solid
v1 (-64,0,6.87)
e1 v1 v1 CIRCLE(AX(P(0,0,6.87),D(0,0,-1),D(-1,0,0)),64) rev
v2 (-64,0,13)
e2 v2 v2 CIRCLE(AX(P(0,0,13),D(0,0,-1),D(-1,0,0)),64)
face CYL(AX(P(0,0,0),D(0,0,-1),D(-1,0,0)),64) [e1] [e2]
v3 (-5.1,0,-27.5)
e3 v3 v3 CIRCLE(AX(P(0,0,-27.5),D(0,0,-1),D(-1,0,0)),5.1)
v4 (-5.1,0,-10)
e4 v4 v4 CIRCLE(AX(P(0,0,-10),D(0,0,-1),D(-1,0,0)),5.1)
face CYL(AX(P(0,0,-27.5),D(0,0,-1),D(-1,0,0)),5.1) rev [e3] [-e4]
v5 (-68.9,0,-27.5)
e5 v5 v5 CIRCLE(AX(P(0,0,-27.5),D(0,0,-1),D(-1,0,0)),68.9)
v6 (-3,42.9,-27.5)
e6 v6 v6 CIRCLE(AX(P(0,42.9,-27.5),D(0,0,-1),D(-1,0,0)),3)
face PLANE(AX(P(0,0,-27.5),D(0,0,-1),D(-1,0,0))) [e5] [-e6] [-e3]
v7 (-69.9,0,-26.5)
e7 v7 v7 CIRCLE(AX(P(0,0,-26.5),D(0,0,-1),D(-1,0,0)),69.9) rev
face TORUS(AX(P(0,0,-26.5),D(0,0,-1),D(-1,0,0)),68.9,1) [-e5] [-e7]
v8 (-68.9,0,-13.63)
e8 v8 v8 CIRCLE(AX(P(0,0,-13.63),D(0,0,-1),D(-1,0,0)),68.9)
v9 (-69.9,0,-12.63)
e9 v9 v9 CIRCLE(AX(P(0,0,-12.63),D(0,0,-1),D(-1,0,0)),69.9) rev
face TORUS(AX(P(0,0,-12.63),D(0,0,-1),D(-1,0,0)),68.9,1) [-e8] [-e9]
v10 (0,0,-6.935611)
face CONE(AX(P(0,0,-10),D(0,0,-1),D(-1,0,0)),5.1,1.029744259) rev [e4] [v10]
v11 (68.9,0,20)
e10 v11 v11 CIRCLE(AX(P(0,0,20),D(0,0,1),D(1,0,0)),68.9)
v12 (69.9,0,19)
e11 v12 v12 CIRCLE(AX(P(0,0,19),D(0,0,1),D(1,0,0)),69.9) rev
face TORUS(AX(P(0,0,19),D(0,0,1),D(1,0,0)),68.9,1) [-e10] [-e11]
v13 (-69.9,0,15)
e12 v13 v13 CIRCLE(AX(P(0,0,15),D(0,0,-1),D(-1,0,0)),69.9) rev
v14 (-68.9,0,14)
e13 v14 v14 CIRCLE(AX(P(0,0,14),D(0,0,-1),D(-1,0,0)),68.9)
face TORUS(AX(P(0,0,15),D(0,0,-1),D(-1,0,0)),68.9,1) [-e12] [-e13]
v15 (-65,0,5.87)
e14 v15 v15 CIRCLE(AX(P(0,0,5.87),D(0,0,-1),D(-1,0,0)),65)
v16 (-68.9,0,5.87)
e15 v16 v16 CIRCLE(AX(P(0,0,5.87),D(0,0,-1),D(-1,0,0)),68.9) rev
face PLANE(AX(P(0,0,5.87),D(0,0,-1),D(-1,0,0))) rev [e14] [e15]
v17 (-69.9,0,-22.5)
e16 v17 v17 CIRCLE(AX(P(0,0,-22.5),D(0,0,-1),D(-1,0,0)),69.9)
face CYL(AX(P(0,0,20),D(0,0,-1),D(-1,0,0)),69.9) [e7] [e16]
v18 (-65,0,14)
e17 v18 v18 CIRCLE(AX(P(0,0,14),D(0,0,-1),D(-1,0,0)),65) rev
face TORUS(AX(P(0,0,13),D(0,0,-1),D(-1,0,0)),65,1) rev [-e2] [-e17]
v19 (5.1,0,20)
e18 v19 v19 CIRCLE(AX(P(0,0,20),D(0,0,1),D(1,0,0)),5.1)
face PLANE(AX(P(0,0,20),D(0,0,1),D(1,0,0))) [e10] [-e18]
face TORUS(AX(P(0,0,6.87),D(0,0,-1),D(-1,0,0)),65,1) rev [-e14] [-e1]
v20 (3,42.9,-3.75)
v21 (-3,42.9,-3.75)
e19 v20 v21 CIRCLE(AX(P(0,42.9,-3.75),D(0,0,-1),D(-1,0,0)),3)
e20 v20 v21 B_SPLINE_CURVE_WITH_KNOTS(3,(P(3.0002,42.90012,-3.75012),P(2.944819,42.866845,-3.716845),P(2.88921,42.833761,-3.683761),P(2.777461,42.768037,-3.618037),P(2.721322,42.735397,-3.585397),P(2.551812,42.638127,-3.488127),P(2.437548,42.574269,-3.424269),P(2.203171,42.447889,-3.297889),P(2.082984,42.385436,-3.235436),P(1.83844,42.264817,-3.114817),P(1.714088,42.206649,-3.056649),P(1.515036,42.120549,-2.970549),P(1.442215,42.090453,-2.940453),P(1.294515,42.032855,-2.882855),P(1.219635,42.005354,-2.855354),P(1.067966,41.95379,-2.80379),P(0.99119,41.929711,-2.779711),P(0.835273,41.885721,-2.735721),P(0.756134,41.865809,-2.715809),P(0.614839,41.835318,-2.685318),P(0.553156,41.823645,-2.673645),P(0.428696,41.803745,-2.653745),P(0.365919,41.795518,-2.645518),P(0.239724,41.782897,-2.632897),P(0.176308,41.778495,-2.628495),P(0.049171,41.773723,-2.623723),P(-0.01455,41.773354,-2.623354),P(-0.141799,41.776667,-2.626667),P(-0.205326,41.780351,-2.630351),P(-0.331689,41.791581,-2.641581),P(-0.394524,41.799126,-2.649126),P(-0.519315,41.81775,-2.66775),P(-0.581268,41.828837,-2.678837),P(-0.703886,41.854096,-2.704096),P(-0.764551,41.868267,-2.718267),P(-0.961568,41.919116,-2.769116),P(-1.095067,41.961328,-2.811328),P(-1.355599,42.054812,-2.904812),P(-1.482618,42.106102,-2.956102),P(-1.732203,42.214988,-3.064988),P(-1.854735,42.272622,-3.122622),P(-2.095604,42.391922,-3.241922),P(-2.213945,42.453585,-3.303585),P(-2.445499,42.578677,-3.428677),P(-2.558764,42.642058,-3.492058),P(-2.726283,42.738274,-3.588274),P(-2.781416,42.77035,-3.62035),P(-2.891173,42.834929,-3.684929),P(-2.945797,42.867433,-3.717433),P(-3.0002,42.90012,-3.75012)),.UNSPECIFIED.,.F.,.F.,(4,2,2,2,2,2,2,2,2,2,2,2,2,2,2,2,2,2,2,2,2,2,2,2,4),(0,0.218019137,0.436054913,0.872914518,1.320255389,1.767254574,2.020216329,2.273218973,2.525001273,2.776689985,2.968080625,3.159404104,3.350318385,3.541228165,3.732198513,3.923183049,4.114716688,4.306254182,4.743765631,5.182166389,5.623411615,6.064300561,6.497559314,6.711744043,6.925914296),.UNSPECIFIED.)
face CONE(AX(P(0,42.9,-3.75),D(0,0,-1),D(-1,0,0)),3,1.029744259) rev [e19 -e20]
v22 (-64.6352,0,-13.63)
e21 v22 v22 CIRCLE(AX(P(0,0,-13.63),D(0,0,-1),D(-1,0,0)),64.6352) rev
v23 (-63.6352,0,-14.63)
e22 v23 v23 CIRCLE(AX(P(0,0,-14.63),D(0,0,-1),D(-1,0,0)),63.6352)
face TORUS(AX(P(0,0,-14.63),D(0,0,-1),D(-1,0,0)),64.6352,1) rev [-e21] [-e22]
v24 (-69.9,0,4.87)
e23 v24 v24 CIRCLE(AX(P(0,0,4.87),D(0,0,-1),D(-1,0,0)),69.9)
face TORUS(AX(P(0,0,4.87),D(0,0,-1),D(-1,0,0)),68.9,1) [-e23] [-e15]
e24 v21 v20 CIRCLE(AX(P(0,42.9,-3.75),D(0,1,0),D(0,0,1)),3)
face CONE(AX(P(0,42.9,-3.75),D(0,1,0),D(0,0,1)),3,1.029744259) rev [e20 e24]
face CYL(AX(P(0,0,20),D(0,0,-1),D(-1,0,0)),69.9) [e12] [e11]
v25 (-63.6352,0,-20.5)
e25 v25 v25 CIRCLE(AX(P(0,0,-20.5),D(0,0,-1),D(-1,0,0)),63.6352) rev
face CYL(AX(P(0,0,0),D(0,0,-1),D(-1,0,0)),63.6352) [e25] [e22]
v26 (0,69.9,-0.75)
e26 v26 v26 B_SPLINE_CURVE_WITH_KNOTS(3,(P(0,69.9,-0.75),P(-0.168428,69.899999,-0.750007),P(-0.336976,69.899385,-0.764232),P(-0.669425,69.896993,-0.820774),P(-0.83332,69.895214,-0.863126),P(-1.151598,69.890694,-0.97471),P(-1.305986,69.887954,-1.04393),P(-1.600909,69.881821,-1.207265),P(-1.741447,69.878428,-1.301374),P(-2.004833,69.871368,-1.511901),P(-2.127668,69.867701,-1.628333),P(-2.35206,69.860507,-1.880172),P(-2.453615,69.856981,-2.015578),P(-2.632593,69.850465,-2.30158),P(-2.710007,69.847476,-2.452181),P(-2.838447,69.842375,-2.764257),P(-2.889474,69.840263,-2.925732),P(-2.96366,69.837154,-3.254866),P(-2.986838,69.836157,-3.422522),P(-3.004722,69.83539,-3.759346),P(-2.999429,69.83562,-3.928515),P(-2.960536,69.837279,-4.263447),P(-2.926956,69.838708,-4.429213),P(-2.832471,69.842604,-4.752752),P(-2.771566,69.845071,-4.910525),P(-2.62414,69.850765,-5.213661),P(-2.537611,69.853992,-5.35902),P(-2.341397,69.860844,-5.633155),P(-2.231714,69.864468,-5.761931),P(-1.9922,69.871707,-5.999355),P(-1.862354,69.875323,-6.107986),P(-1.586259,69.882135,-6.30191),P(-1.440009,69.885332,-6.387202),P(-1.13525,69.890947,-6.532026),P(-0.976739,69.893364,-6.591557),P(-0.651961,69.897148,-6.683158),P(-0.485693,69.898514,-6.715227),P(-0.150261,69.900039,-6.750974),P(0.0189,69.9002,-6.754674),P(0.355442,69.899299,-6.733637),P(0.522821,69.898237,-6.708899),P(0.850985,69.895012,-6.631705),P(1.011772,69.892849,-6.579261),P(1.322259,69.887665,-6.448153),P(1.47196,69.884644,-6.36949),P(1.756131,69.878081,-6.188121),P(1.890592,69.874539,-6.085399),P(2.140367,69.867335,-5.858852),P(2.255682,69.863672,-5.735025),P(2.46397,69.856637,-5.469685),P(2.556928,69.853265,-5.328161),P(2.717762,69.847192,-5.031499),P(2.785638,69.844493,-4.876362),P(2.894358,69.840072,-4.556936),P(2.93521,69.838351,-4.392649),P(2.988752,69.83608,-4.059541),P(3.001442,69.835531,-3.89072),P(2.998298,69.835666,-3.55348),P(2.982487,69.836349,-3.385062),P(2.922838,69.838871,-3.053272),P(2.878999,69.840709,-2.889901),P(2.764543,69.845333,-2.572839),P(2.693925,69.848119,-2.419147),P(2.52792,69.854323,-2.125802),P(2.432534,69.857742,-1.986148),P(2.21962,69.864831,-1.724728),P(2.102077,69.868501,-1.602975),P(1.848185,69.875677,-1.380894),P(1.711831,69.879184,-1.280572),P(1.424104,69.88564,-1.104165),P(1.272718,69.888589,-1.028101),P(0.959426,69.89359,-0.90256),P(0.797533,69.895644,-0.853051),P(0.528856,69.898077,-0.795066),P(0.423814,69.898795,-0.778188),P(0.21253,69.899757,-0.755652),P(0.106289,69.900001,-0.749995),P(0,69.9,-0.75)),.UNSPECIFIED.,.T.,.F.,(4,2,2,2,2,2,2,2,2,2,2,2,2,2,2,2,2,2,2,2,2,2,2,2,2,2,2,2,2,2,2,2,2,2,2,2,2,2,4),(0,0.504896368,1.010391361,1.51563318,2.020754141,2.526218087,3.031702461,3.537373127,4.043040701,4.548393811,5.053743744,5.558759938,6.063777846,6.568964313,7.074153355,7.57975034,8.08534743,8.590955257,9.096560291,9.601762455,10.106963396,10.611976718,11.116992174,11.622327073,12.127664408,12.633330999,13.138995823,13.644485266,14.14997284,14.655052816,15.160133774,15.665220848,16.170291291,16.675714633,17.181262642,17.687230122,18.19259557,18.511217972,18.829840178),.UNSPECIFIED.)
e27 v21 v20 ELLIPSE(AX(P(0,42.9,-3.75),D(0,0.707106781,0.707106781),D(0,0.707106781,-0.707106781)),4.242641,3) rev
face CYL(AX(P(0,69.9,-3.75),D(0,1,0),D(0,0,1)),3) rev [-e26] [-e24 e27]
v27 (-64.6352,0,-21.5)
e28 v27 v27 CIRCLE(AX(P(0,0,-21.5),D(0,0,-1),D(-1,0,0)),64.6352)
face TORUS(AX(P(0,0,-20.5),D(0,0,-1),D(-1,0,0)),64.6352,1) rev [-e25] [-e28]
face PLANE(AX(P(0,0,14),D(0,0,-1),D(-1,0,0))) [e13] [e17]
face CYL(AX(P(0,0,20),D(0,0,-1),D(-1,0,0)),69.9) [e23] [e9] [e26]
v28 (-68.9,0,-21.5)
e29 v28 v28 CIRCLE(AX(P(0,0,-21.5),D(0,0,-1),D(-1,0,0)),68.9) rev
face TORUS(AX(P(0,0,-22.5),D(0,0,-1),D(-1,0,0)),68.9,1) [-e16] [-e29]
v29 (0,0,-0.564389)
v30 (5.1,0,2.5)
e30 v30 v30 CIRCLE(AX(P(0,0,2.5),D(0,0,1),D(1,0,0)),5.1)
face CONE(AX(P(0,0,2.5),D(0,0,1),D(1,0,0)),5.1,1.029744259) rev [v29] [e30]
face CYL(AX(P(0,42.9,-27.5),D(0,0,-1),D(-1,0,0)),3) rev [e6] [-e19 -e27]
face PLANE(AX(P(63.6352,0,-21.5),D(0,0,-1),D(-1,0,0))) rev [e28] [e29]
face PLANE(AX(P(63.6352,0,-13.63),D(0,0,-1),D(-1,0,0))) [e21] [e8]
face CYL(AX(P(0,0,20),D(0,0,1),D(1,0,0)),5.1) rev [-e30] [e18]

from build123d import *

# Parameters (mm, degrees)
SKETCH1_R                   = 69.9
BOSS_EXTRUDE1_DEPTH         = 20
SKETCH8_R                   = 69.9
BOSS_EXTRUDE2_DEPTH         = 27.5
SKETCH7_W                   = 5.9
SKETCH7_H                   = 8.13
SKETCH7_W_2                 = 6.2648
SKETCH7_H_2                 = 7.87
FILLET1_R                   = 1
M12X1_75_TAPPED_HOLE1_D     = 10.2
M12X1_75_TAPPED_HOLE1_DEPTH = 17.5
M12X1_75_TAPPED_HOLE1_TIP   = 3.064389157
M12X1_75_TAPPED_HOLE2_D     = 10.2
M12X1_75_TAPPED_HOLE2_DEPTH = 17.5
M12X1_75_TAPPED_HOLE2_TIP   = 3.064389157
F_6_0MM_DOWEL_HOLE1_D       = 6
F_6_0MM_DOWEL_HOLE1_DEPTH   = 27
F_6_0MM_DOWEL_HOLE1_TIP     = 1.802581857
F_6_0MM_DOWEL_HOLE2_D       = 6
F_6_0MM_DOWEL_HOLE2_DEPTH   = 23.75
F_6_0MM_DOWEL_HOLE2_TIP     = 1.802581857


with BuildPart() as part:
    # Sketch1 → Boss-Extrude1 (new body)
    with BuildSketch(Plane.XY):
        Circle(SKETCH1_R)
    extrude(amount=BOSS_EXTRUDE1_DEPTH)

    # Sketch8 → Boss-Extrude2 (add)
    with BuildSketch(Plane(origin=(0, 0, 0), x_dir=(-1, 0, 0), z_dir=(0, 0, -1))):
        Circle(SKETCH8_R)
    extrude(amount=BOSS_EXTRUDE2_DEPTH)

    # Sketch7 → Cut-Revolve2 (revolve, cut)
    with BuildSketch(Plane(origin=(0, 0, 0), x_dir=(1, 0, 0), z_dir=(0, 1, 0))):
        with Locations((66.95, -9.935)):
            Rectangle(SKETCH7_W, SKETCH7_H)
        with Locations((66.7676, 17.565)):
            Rectangle(SKETCH7_W_2, SKETCH7_H_2)
    revolve(axis=Axis((0, 0, 0), (0, 0, 1)), mode=Mode.SUBTRACT)

    # Fillet1
    fillet1_edges = [part.edges().sort_by_distance(p)[0] for p in [
        (-69.9, 0, 5.87),
        (-64, 0, 5.87),
        (-64, 0, 14),
        (-69.9, 0, 14),
        (-63.6352, 0, -13.63),
        (69.9, 0, -13.63),
        (69.9, 0, -21.5),
        (-63.6352, 0, -21.5),
        (-69.9, 0, 20),
        (69.9, 0, -27.5),
    ]]
    fillet(fillet1_edges, radius=FILLET1_R)

    # M12x1.75 Tapped Hole1
    with Locations(Plane(origin=(0, 0, -27.5), x_dir=(-1, 0, 0), z_dir=(0, 0, -1))):
        with Locations((0, 0)):
            Hole(M12X1_75_TAPPED_HOLE1_D / 2, depth=M12X1_75_TAPPED_HOLE1_DEPTH)
            with Locations((0, 0, -(M12X1_75_TAPPED_HOLE1_DEPTH + M12X1_75_TAPPED_HOLE1_TIP / 2))):  # 118° drill point
                Cone(0, M12X1_75_TAPPED_HOLE1_D / 2, M12X1_75_TAPPED_HOLE1_TIP, mode=Mode.SUBTRACT)

    # M12x1.75 Tapped Hole2
    with Locations(Plane.XY.offset(20)):
        with Locations((0, 0)):
            Hole(M12X1_75_TAPPED_HOLE2_D / 2, depth=M12X1_75_TAPPED_HOLE2_DEPTH)
            with Locations((0, 0, -(M12X1_75_TAPPED_HOLE2_DEPTH + M12X1_75_TAPPED_HOLE2_TIP / 2))):  # 118° drill point
                Cone(0, M12X1_75_TAPPED_HOLE2_D / 2, M12X1_75_TAPPED_HOLE2_TIP, mode=Mode.SUBTRACT)

    # Ø6.0mm Dowel Hole1
    with Locations(Plane(origin=(0, 69.9, 0), x_dir=(-1, 0, 0), z_dir=(0, 1, 0))):
        with Locations((0, -3.75)):
            Hole(F_6_0MM_DOWEL_HOLE1_D / 2, depth=F_6_0MM_DOWEL_HOLE1_DEPTH)
            with Locations((0, 0, -(F_6_0MM_DOWEL_HOLE1_DEPTH + F_6_0MM_DOWEL_HOLE1_TIP / 2))):  # 118° drill point
                Cone(0, F_6_0MM_DOWEL_HOLE1_D / 2, F_6_0MM_DOWEL_HOLE1_TIP, mode=Mode.SUBTRACT)

    # Ø6.0mm Dowel Hole2
    with Locations(Plane(origin=(0, 0, -27.5), x_dir=(-1, 0, 0), z_dir=(0, 0, -1))):
        with Locations((0, 42.9)):
            Hole(F_6_0MM_DOWEL_HOLE2_D / 2, depth=F_6_0MM_DOWEL_HOLE2_DEPTH)
            with Locations((0, 0, -(F_6_0MM_DOWEL_HOLE2_DEPTH + F_6_0MM_DOWEL_HOLE2_TIP / 2))):  # 118° drill point
                Cone(0, F_6_0MM_DOWEL_HOLE2_D / 2, F_6_0MM_DOWEL_HOLE2_TIP, mode=Mode.SUBTRACT)


solid = part.part
